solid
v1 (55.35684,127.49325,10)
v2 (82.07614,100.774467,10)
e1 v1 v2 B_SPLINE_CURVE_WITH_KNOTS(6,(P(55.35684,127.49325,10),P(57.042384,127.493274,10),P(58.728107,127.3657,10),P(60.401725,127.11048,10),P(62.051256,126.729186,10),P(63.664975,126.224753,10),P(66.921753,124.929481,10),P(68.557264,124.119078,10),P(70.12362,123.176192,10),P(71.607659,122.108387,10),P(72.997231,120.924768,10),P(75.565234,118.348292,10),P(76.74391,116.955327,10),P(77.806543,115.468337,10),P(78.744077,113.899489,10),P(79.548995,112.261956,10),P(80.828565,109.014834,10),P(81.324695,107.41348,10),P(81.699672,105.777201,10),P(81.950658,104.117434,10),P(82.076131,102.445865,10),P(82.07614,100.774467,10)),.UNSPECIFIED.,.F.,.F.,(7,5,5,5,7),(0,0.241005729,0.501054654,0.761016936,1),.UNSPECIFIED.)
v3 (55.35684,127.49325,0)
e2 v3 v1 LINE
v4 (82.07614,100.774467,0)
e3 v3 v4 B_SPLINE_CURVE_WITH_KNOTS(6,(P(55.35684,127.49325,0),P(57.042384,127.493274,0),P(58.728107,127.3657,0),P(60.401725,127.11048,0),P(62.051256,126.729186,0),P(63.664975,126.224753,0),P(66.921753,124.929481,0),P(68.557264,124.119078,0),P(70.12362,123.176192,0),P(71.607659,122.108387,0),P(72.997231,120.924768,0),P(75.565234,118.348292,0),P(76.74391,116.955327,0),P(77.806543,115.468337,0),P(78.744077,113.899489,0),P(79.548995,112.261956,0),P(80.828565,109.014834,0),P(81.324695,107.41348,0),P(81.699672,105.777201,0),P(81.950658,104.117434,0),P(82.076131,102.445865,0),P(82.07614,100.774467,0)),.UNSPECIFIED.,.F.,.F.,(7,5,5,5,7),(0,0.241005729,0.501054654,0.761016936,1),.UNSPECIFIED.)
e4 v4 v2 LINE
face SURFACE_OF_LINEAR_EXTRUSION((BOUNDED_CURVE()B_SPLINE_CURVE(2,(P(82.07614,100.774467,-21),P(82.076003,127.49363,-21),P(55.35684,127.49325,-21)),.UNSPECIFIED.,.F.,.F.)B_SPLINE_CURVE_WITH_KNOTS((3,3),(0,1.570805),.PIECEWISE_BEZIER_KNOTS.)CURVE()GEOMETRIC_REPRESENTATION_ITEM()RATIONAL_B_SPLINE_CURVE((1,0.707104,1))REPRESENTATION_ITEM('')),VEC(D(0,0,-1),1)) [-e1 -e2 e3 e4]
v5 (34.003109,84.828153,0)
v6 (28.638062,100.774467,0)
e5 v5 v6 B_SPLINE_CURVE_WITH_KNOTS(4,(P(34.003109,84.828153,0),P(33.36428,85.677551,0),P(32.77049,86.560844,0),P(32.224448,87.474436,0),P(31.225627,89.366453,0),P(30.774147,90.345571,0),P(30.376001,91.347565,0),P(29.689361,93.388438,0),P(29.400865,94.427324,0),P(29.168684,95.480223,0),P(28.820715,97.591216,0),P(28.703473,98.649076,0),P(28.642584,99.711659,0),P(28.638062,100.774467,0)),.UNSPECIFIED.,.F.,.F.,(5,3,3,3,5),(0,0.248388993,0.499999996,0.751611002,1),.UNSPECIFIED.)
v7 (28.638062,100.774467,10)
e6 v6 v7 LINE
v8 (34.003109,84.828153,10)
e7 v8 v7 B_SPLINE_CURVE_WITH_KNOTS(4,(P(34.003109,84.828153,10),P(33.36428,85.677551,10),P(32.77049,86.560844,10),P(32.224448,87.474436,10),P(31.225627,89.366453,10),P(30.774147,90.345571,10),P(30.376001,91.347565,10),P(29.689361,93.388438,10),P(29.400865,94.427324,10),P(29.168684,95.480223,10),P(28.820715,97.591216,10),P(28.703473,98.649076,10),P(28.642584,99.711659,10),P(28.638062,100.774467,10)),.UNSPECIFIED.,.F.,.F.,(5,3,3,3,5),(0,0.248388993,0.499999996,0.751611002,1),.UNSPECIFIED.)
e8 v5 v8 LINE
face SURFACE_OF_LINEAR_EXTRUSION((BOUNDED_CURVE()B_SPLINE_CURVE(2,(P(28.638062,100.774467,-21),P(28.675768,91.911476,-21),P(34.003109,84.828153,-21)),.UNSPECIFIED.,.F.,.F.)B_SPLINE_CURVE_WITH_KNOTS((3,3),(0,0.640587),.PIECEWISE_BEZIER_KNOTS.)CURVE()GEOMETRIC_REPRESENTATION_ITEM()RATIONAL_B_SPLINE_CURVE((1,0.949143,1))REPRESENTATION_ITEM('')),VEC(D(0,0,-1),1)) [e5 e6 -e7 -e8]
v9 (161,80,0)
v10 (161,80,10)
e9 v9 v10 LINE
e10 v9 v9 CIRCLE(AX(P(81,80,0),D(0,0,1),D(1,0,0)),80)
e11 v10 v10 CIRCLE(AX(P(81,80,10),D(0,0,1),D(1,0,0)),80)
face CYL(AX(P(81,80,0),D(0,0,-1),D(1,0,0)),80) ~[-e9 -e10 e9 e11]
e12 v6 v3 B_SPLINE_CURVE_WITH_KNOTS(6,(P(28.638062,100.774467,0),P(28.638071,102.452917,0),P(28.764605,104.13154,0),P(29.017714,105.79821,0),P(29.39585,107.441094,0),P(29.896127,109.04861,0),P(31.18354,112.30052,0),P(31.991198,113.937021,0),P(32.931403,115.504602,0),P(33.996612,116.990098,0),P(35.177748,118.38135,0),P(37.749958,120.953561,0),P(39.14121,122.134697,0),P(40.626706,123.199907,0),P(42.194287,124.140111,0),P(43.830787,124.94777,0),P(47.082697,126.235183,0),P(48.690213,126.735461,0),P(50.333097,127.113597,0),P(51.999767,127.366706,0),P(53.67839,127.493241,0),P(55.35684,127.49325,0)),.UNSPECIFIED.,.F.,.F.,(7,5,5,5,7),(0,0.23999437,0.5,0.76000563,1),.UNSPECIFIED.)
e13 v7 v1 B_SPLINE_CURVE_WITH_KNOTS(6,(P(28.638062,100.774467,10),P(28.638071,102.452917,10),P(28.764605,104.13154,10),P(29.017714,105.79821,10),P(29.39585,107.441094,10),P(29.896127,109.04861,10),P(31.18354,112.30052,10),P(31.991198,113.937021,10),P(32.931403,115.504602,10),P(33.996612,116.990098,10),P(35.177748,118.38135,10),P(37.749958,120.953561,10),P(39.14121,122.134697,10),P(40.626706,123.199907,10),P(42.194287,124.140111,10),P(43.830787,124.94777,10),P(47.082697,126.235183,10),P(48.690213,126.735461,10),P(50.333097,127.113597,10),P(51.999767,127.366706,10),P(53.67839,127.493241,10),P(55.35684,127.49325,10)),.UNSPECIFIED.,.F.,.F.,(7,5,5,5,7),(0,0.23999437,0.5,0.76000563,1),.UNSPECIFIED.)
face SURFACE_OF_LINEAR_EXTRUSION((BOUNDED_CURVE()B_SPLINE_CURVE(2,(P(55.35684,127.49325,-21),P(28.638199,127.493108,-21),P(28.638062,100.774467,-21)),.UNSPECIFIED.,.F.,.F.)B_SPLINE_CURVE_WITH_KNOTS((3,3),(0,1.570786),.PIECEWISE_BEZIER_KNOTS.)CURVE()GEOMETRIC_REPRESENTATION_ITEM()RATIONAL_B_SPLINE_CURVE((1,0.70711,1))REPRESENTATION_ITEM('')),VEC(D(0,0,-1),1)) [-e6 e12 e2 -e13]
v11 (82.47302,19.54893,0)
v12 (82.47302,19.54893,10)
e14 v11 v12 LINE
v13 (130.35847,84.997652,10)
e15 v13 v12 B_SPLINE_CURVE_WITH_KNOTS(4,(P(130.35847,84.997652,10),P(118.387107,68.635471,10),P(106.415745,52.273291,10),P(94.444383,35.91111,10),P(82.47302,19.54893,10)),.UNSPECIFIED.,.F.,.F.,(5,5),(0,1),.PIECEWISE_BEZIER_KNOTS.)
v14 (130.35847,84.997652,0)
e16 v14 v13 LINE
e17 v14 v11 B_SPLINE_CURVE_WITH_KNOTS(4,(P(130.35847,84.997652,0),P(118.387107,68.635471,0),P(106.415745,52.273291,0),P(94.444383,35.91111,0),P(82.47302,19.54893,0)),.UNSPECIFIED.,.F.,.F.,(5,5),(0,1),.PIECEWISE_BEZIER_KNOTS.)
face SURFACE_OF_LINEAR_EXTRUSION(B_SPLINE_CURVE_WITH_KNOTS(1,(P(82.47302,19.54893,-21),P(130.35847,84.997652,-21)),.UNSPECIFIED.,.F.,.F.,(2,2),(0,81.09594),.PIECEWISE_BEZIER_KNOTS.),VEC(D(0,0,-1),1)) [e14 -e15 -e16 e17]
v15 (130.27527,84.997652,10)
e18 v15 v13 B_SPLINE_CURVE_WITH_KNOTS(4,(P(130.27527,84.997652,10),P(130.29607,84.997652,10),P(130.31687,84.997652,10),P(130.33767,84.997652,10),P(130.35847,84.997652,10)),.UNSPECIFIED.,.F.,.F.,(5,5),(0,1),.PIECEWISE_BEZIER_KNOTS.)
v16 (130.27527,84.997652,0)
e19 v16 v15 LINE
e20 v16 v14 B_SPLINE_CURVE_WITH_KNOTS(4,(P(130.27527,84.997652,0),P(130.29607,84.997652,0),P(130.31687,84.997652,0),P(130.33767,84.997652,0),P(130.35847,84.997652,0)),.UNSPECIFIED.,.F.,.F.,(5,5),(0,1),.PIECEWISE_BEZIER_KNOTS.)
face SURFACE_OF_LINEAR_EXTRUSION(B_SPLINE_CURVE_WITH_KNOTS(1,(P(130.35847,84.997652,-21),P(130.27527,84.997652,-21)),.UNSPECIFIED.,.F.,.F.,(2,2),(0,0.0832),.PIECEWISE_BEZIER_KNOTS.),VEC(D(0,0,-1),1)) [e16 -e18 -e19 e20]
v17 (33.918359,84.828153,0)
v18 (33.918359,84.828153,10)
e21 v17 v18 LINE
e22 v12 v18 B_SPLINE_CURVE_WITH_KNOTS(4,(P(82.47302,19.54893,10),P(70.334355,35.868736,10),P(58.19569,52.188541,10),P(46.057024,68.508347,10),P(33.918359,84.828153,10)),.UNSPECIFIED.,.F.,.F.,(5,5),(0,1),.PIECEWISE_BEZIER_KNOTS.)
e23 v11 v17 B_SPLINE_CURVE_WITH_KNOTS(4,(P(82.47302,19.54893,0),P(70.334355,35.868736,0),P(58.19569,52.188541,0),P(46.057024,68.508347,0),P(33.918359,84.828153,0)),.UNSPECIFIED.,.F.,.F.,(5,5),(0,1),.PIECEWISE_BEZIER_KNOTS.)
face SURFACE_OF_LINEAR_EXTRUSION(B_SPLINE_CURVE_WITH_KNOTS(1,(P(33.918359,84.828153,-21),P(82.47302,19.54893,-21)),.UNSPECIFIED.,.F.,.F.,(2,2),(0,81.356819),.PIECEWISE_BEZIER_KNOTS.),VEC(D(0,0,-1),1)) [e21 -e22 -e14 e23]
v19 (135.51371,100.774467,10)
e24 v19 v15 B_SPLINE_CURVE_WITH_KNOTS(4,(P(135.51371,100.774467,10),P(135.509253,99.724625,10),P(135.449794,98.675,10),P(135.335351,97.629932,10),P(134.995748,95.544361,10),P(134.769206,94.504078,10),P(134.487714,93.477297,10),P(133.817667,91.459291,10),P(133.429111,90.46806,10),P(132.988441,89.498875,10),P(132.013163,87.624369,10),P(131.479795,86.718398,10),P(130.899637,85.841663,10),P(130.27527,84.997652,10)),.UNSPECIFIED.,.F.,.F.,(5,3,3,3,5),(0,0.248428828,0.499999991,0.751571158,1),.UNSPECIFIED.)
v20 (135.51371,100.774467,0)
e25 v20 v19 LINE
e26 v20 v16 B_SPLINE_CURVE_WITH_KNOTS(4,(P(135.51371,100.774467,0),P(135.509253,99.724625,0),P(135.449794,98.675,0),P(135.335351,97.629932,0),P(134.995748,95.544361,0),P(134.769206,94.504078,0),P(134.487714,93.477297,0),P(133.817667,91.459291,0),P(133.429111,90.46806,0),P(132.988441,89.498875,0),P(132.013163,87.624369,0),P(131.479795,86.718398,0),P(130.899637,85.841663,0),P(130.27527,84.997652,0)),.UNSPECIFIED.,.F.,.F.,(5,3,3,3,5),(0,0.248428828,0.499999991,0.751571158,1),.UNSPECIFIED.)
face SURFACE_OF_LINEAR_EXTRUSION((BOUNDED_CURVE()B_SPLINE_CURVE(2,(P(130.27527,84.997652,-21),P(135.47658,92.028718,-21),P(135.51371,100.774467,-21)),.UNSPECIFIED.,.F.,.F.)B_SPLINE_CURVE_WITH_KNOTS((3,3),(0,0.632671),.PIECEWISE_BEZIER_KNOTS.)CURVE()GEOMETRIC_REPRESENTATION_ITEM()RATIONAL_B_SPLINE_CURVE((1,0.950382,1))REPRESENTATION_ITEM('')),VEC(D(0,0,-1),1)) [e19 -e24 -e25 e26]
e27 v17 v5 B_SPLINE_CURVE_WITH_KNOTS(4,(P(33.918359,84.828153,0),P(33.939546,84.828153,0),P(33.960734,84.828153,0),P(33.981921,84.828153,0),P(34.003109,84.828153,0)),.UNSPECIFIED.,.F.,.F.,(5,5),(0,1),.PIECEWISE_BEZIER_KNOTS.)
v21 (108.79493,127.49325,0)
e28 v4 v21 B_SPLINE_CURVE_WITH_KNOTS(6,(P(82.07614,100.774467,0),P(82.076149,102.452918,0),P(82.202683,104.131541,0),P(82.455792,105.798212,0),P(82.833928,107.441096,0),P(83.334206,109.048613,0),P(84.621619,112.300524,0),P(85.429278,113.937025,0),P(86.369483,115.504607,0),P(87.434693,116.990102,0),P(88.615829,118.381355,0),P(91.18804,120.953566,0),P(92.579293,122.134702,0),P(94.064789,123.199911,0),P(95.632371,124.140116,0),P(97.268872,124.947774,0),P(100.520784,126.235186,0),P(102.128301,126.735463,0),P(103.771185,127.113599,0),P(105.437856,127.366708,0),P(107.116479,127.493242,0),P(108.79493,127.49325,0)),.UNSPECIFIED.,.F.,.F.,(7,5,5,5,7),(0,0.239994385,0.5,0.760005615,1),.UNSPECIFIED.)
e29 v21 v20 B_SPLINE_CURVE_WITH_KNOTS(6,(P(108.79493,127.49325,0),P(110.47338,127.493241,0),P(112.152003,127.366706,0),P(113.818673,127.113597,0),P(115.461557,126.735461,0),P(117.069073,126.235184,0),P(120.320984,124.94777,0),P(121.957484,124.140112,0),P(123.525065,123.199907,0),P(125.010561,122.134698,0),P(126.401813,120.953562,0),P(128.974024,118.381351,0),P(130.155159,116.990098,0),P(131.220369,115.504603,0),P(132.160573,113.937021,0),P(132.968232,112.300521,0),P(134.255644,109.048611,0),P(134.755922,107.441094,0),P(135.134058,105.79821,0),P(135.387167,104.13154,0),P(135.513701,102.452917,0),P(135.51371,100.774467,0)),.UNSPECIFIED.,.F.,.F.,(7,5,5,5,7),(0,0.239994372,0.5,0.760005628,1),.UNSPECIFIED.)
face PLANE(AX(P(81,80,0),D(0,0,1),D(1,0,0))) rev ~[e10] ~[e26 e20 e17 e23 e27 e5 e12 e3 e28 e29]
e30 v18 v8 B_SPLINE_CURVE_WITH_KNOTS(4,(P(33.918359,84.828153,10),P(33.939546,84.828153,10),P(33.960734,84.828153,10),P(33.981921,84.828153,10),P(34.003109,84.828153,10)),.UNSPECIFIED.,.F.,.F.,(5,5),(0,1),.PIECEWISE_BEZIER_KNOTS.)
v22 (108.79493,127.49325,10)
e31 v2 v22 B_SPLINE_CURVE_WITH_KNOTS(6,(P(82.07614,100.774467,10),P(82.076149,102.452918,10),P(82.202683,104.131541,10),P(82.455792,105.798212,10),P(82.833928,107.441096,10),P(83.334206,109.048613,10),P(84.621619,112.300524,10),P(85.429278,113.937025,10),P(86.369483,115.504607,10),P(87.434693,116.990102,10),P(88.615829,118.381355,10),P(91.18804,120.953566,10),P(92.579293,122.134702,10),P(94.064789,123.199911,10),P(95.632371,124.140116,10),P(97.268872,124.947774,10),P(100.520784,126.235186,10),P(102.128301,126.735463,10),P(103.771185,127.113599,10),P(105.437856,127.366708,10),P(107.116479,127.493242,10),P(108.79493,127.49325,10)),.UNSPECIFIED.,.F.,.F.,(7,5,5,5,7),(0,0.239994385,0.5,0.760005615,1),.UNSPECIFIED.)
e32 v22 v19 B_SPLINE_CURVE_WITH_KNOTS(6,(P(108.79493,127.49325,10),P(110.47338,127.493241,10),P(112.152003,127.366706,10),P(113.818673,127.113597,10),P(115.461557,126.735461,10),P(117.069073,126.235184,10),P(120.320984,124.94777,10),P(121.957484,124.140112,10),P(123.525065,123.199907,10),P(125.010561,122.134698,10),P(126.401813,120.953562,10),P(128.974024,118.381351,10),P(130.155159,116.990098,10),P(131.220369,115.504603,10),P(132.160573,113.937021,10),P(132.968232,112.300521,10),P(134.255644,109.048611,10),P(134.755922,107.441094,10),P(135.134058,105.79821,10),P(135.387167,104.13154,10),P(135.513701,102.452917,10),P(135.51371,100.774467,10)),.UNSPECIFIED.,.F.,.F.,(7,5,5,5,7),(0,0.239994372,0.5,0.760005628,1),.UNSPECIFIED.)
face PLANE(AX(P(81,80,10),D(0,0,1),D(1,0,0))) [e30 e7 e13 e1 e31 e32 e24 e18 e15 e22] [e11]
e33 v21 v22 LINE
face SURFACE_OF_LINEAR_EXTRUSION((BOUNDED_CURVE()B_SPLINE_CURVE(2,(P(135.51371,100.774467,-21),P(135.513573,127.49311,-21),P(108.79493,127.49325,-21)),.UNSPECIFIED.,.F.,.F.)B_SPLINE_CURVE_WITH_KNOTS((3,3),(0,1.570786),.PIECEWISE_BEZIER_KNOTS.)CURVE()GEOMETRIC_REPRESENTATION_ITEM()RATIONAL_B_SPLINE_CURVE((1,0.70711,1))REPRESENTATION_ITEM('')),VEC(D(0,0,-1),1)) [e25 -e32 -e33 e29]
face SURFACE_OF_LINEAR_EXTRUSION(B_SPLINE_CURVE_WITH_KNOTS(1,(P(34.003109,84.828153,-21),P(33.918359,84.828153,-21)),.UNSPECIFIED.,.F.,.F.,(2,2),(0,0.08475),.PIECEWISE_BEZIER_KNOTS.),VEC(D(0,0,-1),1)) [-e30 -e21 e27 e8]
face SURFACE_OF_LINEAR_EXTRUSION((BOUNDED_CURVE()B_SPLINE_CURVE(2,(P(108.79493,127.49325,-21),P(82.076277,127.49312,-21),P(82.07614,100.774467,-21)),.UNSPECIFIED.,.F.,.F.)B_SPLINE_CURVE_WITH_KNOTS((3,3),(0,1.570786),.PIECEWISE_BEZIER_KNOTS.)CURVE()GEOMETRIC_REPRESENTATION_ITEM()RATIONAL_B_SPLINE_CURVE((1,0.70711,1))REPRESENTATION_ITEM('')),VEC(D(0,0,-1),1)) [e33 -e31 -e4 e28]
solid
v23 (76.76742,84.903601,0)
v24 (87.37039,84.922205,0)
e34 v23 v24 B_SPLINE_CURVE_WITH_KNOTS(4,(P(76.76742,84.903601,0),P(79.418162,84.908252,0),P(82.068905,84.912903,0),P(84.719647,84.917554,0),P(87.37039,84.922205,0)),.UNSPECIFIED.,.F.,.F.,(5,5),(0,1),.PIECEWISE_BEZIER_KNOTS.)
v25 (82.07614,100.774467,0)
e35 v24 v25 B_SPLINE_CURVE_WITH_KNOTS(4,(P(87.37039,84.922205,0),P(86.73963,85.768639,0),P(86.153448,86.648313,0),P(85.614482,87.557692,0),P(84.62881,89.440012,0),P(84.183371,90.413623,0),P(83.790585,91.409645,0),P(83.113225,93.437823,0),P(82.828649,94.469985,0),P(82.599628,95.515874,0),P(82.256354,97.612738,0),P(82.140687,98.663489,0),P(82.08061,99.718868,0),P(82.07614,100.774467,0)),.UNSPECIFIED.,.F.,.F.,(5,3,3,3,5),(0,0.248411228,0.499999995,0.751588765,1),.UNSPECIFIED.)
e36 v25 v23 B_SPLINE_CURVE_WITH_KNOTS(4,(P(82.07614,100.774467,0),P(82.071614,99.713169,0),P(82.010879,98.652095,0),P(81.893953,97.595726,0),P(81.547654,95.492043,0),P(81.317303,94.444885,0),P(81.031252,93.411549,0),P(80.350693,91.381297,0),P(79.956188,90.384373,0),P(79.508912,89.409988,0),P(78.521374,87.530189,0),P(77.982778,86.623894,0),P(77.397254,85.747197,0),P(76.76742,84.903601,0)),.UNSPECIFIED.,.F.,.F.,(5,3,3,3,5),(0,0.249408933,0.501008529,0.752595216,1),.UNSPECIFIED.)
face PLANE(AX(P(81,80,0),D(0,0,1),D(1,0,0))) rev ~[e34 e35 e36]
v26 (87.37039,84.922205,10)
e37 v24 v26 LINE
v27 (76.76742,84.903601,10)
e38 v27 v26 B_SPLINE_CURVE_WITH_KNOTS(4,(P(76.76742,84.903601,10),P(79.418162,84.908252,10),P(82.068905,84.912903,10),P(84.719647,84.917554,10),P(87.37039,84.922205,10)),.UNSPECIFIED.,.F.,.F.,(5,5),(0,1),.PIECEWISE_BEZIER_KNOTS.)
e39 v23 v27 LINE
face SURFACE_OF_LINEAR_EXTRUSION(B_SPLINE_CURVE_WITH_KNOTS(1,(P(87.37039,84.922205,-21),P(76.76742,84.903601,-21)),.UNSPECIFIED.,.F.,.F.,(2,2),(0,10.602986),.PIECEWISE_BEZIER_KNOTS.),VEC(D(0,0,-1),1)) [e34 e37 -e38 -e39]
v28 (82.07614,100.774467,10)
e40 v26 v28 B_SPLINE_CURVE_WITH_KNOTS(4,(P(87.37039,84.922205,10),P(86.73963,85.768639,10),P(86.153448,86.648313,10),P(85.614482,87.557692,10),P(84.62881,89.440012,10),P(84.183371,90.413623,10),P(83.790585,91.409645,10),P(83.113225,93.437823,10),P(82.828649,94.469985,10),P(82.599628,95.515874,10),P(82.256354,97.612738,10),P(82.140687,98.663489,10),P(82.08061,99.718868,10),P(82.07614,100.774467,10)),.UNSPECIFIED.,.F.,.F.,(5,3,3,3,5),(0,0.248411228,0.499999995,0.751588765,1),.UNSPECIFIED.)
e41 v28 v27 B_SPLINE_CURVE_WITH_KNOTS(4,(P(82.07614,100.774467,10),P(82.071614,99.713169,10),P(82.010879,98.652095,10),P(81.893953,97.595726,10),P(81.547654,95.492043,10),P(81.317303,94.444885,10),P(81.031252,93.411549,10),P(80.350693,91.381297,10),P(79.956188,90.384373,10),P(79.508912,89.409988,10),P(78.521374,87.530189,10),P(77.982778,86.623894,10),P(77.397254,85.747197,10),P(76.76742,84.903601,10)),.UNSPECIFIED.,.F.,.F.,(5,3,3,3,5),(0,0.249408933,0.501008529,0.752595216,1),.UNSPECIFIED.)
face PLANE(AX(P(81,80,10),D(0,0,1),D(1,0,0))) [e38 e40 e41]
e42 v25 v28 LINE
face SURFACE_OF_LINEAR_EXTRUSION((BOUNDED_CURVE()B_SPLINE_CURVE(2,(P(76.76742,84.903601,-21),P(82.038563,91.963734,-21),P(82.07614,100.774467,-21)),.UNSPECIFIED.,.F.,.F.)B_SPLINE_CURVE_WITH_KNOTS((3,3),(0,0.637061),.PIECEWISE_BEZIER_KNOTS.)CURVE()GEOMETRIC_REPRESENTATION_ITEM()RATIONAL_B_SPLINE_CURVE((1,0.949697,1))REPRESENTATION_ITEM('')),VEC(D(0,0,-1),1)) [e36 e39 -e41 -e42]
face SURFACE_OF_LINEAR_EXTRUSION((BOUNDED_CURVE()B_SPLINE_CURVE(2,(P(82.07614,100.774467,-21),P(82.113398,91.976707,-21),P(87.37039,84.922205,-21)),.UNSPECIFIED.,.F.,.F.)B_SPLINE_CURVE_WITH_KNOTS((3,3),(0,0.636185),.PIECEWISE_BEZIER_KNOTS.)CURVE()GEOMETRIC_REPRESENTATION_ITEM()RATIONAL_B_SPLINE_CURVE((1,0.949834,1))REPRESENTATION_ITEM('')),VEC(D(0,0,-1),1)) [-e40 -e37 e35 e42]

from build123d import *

# Parameters (mm, degrees)
EXTRUDE_DEPTH  = 50
CYLINDER_R     = 80
CYLINDER_DEPTH = 10


with BuildPart() as extrude_body:
    # path1 → Extrude (new body)
    with BuildSketch(Plane(origin=(141.075886, -108.47872, 0), x_dir=(0, 1, 0), z_dir=(0, 0, 1))):
        with BuildLine():
            add(Edge.make_bspline(
                [(53.97197, 26.719046), (53.971828, 53.437687), (27.253187, 53.437824)],
                knots=[0, 0, 0, 1.570786, 1.570786, 1.570786], degree=2, weights=[1, 0.70711, 1]))
            add(Edge.make_bspline(
                [(27.253187, 53.437824), (18.390196, 53.400118), (11.306873, 48.072777)],
                knots=[0, 0, 0, 0.640587, 0.640587, 0.640587], degree=2, weights=[1, 0.949143, 1]))
            add(Edge.make_bspline(
                [(11.306873, 48.072777), (11.306873, 48.157527)],
                knots=[0, 0, 0.08475, 0.08475], degree=1))
            add(Edge.make_bspline(
                [(11.306873, 48.157527), (-53.97235, -0.397134)],
                knots=[0, 0, 81.356819, 81.356819], degree=1))
            add(Edge.make_bspline(
                [(-53.97235, -0.397134), (11.476372, -48.282584)],
                knots=[0, 0, 81.09594, 81.09594], degree=1))
            add(Edge.make_bspline(
                [(11.476372, -48.282584), (11.476372, -48.199384)],
                knots=[0, 0, 0.0832, 0.0832], degree=1))
            add(Edge.make_bspline(
                [(11.476372, -48.199384), (18.507438, -53.400694), (27.253187, -53.437824)],
                knots=[0, 0, 0, 0.632671, 0.632671, 0.632671], degree=2, weights=[1, 0.950382, 1]))
            add(Edge.make_bspline(
                [(27.253187, -53.437824), (53.97183, -53.437687), (53.97197, -26.719044)],
                knots=[0, 0, 0, 1.570786, 1.570786, 1.570786], degree=2, weights=[1, 0.70711, 1]))
            add(Edge.make_bspline(
                [(53.97197, -26.719044), (53.97184, -0.000391), (27.253187, -0.000254)],
                knots=[0, 0, 0, 1.570786, 1.570786, 1.570786], degree=2, weights=[1, 0.70711, 1]))
            add(Edge.make_bspline(
                [(27.253187, -0.000254), (18.455427, -0.037512), (11.400925, -5.294504)],
                knots=[0, 0, 0, 0.636185, 0.636185, 0.636185], degree=2, weights=[1, 0.949834, 1]))
            add(Edge.make_bspline(
                [(11.400925, -5.294504), (11.382321, 5.308466)],
                knots=[0, 0, 10.602986, 10.602986], degree=1))
            add(Edge.make_bspline(
                [(11.382321, 5.308466), (18.442454, 0.037323), (27.253187, -0.000254)],
                knots=[0, 0, 0, 0.637061, 0.637061, 0.637061], degree=2, weights=[1, 0.949697, 1]))
            add(Edge.make_bspline(
                [(27.253187, -0.000254), (53.97235, -0.000117), (53.97197, 26.719046)],
                knots=[0, 0, 0, 1.570805, 1.570805, 1.570805], degree=2, weights=[1, 0.707104, 1]))
        make_face()
    extrude(amount=EXTRUDE_DEPTH)


with BuildPart() as extrude_body_1:
    # Extrude placement: moved
    add(extrude_body.part.moved(Location((-59, 182, -21))))


with BuildPart() as cut:
    # Cylinder → Cylinder (new body)
    with BuildSketch(Plane(origin=(81, 80, 0), x_dir=(1, 0, 0), z_dir=(0, 0, 1))):
        Circle(CYLINDER_R)
    extrude(amount=CYLINDER_DEPTH)

    # Cut: cut Extrude body
    add(extrude_body_1.part, mode=Mode.SUBTRACT)


solid = cut.part
